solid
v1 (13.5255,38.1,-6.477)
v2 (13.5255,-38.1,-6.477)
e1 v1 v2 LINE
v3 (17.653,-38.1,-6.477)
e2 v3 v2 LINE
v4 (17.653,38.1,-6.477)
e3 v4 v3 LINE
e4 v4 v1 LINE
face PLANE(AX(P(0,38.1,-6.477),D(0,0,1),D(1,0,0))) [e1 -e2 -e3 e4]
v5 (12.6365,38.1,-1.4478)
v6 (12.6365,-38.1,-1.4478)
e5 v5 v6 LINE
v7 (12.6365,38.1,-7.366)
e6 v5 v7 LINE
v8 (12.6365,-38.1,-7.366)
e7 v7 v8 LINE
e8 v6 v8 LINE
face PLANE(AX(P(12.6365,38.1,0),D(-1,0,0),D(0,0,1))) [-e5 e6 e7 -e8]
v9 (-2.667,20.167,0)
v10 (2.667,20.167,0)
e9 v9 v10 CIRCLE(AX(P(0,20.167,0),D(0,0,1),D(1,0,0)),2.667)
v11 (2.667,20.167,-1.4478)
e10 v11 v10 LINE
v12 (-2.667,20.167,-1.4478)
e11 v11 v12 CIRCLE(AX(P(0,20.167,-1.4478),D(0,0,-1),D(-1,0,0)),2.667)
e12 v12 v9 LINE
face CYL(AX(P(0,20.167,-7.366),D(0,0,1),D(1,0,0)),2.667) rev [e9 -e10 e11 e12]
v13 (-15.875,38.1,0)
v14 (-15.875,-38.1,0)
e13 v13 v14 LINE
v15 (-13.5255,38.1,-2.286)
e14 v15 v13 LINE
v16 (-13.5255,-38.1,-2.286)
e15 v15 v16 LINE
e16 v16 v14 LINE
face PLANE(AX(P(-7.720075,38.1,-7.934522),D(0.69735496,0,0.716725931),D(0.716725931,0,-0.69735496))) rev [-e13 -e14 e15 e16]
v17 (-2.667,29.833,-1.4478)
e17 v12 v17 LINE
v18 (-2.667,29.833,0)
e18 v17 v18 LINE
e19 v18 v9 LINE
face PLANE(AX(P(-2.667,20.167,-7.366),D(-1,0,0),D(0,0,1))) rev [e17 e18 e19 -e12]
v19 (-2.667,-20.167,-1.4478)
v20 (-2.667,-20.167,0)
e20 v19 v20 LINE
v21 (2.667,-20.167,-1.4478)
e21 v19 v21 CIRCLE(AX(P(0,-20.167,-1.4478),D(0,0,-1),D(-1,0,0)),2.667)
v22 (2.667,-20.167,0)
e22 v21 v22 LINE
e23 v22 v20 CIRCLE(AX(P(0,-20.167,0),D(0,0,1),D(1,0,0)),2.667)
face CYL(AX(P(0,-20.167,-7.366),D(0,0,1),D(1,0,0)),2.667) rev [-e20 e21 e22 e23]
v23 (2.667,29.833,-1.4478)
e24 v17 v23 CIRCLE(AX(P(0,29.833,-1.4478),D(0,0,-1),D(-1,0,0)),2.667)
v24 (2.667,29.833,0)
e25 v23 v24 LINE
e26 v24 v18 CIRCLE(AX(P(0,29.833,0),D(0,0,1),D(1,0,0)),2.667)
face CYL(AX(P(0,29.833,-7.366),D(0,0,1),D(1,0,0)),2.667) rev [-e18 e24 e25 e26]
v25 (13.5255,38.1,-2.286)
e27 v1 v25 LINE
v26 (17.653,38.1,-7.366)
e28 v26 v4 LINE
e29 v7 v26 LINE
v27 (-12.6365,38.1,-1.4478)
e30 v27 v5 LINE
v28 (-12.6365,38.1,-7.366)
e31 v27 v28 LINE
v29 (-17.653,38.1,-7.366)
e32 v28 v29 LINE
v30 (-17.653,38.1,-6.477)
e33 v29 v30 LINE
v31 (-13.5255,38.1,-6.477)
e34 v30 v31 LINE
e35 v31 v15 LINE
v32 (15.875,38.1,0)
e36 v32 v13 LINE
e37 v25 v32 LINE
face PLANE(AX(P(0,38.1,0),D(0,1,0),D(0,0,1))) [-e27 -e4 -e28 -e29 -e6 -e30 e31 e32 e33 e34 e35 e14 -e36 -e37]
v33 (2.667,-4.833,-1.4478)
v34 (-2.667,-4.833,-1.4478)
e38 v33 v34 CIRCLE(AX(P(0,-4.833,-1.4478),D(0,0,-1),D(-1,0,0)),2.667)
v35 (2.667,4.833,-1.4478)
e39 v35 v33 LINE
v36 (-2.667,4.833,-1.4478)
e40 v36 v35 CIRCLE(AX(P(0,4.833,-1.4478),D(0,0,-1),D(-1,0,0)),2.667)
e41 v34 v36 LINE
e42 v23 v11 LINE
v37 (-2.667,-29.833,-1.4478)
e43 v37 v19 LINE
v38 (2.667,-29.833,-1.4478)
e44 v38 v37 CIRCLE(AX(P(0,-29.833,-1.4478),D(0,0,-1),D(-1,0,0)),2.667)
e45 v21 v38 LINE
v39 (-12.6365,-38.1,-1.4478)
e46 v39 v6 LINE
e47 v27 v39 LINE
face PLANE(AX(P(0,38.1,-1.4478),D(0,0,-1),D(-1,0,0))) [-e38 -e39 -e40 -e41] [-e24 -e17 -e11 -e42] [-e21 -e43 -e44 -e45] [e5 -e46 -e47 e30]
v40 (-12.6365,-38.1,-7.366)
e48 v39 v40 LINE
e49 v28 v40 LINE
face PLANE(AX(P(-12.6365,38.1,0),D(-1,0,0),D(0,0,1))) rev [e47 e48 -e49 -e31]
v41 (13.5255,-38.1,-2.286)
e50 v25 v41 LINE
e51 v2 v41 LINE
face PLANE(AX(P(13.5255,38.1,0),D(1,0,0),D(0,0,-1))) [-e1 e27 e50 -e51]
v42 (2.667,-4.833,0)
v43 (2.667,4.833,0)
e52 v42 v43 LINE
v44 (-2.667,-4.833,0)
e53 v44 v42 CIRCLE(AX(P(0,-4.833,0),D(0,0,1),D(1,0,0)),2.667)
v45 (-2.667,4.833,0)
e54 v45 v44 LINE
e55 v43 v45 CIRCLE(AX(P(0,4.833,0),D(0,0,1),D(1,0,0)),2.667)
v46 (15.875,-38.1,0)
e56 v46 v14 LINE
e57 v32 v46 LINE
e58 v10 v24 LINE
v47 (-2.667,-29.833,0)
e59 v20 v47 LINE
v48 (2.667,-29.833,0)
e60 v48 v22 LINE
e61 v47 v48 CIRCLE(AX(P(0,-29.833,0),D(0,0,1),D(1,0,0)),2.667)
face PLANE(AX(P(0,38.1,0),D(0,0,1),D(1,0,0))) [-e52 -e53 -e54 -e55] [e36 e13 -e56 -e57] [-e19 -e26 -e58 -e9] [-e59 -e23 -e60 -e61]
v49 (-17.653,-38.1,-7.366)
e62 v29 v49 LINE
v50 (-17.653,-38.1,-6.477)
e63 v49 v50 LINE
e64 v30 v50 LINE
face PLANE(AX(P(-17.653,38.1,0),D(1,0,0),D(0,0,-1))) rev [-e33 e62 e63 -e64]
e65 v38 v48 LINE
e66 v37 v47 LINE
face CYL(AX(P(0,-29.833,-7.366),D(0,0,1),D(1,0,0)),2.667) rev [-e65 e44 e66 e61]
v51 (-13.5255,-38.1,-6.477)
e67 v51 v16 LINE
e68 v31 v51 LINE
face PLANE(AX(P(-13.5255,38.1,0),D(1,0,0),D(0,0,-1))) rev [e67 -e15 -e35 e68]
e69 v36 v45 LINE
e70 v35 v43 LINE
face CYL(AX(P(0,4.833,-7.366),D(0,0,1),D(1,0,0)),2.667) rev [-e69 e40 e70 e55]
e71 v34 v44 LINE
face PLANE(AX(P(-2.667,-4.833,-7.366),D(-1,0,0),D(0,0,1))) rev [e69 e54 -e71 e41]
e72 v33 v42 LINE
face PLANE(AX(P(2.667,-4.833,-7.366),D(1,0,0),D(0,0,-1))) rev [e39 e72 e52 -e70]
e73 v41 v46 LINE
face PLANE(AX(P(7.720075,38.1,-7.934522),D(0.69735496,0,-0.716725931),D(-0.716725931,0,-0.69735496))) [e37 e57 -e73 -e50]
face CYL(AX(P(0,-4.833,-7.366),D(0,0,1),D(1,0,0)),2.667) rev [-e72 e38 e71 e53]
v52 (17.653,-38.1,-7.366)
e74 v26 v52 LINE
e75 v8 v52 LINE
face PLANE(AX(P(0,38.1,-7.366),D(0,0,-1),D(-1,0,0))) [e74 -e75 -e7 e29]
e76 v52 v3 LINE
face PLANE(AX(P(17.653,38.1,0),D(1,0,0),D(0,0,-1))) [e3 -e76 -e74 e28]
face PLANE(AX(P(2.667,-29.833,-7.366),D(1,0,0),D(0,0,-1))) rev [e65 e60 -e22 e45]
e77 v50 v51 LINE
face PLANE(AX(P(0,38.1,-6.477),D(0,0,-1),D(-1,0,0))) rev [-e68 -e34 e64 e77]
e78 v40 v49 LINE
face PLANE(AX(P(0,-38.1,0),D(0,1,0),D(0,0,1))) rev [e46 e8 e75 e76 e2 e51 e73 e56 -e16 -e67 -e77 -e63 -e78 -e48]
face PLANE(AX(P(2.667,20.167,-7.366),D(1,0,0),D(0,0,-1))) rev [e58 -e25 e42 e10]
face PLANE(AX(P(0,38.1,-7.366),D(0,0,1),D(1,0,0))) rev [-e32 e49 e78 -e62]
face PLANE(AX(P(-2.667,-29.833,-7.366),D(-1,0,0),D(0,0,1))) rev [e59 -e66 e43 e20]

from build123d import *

# Parameters (mm, degrees)
BOSS_EXTRUDE1_DEPTH = 38.1
CUT_EXTRUDE1_DEPTH  = 43.632104862
LPATTERN1_COUNT     = 2
LPATTERN1_PITCH     = 25
LPATTERN1_COL_COUNT = 2
LPATTERN1_COL_PITCH = 25


with BuildPart() as part:
    # Sketch1 → Boss-Extrude1 (new, symmetric)
    with BuildSketch(Plane(origin=(0, 0, 0), x_dir=(1, 0, 0), z_dir=(0, 1, 0))):
        Polygon((-15.875, 0), (0, 0), (0, 1.4478), (-12.6365, 1.4478), (-12.6365, 7.366), (-17.653, 7.366), (-17.653, 6.477), (-13.5255, 6.477), (-13.5255, 2.286), align=None)
        Polygon((0, 1.4478), (0, 0), (15.875, 0), (13.5255, 2.286), (13.5255, 6.477), (17.653, 6.477), (17.653, 7.366), (12.6365, 7.366), (12.6365, 1.4478), align=None)
    extrude(amount=BOSS_EXTRUDE1_DEPTH, both=True)

    # Sketch2 → Cut-Extrude1 (cut, through all)
    with BuildSketch(Plane.XY):
        with BuildLine():
            Line((-2.667, -4.833), (-2.667, 4.833))
            ThreePointArc((-2.667, 4.833), (0, 7.5), (2.667, 4.833))
            Line((2.667, 4.833), (2.667, -4.833))
            ThreePointArc((2.667, -4.833), (0, -7.5), (-2.667, -4.833))
        make_face()
    cut_extrude1 = extrude(amount=-CUT_EXTRUDE1_DEPTH, mode=Mode.SUBTRACT)

    # LPattern1: Cut-Extrude1 ×2
    with Locations(*[(0, -i * LPATTERN1_PITCH, 0) for i in range(1, LPATTERN1_COUNT)]):
        add(cut_extrude1, mode=Mode.SUBTRACT)

    # LPattern1 col: Cut-Extrude1 ×2
    with Locations(*[(0, i * LPATTERN1_COL_PITCH, 0) for i in range(1, LPATTERN1_COL_COUNT)]):
        add(cut_extrude1, mode=Mode.SUBTRACT)


solid = part.part
